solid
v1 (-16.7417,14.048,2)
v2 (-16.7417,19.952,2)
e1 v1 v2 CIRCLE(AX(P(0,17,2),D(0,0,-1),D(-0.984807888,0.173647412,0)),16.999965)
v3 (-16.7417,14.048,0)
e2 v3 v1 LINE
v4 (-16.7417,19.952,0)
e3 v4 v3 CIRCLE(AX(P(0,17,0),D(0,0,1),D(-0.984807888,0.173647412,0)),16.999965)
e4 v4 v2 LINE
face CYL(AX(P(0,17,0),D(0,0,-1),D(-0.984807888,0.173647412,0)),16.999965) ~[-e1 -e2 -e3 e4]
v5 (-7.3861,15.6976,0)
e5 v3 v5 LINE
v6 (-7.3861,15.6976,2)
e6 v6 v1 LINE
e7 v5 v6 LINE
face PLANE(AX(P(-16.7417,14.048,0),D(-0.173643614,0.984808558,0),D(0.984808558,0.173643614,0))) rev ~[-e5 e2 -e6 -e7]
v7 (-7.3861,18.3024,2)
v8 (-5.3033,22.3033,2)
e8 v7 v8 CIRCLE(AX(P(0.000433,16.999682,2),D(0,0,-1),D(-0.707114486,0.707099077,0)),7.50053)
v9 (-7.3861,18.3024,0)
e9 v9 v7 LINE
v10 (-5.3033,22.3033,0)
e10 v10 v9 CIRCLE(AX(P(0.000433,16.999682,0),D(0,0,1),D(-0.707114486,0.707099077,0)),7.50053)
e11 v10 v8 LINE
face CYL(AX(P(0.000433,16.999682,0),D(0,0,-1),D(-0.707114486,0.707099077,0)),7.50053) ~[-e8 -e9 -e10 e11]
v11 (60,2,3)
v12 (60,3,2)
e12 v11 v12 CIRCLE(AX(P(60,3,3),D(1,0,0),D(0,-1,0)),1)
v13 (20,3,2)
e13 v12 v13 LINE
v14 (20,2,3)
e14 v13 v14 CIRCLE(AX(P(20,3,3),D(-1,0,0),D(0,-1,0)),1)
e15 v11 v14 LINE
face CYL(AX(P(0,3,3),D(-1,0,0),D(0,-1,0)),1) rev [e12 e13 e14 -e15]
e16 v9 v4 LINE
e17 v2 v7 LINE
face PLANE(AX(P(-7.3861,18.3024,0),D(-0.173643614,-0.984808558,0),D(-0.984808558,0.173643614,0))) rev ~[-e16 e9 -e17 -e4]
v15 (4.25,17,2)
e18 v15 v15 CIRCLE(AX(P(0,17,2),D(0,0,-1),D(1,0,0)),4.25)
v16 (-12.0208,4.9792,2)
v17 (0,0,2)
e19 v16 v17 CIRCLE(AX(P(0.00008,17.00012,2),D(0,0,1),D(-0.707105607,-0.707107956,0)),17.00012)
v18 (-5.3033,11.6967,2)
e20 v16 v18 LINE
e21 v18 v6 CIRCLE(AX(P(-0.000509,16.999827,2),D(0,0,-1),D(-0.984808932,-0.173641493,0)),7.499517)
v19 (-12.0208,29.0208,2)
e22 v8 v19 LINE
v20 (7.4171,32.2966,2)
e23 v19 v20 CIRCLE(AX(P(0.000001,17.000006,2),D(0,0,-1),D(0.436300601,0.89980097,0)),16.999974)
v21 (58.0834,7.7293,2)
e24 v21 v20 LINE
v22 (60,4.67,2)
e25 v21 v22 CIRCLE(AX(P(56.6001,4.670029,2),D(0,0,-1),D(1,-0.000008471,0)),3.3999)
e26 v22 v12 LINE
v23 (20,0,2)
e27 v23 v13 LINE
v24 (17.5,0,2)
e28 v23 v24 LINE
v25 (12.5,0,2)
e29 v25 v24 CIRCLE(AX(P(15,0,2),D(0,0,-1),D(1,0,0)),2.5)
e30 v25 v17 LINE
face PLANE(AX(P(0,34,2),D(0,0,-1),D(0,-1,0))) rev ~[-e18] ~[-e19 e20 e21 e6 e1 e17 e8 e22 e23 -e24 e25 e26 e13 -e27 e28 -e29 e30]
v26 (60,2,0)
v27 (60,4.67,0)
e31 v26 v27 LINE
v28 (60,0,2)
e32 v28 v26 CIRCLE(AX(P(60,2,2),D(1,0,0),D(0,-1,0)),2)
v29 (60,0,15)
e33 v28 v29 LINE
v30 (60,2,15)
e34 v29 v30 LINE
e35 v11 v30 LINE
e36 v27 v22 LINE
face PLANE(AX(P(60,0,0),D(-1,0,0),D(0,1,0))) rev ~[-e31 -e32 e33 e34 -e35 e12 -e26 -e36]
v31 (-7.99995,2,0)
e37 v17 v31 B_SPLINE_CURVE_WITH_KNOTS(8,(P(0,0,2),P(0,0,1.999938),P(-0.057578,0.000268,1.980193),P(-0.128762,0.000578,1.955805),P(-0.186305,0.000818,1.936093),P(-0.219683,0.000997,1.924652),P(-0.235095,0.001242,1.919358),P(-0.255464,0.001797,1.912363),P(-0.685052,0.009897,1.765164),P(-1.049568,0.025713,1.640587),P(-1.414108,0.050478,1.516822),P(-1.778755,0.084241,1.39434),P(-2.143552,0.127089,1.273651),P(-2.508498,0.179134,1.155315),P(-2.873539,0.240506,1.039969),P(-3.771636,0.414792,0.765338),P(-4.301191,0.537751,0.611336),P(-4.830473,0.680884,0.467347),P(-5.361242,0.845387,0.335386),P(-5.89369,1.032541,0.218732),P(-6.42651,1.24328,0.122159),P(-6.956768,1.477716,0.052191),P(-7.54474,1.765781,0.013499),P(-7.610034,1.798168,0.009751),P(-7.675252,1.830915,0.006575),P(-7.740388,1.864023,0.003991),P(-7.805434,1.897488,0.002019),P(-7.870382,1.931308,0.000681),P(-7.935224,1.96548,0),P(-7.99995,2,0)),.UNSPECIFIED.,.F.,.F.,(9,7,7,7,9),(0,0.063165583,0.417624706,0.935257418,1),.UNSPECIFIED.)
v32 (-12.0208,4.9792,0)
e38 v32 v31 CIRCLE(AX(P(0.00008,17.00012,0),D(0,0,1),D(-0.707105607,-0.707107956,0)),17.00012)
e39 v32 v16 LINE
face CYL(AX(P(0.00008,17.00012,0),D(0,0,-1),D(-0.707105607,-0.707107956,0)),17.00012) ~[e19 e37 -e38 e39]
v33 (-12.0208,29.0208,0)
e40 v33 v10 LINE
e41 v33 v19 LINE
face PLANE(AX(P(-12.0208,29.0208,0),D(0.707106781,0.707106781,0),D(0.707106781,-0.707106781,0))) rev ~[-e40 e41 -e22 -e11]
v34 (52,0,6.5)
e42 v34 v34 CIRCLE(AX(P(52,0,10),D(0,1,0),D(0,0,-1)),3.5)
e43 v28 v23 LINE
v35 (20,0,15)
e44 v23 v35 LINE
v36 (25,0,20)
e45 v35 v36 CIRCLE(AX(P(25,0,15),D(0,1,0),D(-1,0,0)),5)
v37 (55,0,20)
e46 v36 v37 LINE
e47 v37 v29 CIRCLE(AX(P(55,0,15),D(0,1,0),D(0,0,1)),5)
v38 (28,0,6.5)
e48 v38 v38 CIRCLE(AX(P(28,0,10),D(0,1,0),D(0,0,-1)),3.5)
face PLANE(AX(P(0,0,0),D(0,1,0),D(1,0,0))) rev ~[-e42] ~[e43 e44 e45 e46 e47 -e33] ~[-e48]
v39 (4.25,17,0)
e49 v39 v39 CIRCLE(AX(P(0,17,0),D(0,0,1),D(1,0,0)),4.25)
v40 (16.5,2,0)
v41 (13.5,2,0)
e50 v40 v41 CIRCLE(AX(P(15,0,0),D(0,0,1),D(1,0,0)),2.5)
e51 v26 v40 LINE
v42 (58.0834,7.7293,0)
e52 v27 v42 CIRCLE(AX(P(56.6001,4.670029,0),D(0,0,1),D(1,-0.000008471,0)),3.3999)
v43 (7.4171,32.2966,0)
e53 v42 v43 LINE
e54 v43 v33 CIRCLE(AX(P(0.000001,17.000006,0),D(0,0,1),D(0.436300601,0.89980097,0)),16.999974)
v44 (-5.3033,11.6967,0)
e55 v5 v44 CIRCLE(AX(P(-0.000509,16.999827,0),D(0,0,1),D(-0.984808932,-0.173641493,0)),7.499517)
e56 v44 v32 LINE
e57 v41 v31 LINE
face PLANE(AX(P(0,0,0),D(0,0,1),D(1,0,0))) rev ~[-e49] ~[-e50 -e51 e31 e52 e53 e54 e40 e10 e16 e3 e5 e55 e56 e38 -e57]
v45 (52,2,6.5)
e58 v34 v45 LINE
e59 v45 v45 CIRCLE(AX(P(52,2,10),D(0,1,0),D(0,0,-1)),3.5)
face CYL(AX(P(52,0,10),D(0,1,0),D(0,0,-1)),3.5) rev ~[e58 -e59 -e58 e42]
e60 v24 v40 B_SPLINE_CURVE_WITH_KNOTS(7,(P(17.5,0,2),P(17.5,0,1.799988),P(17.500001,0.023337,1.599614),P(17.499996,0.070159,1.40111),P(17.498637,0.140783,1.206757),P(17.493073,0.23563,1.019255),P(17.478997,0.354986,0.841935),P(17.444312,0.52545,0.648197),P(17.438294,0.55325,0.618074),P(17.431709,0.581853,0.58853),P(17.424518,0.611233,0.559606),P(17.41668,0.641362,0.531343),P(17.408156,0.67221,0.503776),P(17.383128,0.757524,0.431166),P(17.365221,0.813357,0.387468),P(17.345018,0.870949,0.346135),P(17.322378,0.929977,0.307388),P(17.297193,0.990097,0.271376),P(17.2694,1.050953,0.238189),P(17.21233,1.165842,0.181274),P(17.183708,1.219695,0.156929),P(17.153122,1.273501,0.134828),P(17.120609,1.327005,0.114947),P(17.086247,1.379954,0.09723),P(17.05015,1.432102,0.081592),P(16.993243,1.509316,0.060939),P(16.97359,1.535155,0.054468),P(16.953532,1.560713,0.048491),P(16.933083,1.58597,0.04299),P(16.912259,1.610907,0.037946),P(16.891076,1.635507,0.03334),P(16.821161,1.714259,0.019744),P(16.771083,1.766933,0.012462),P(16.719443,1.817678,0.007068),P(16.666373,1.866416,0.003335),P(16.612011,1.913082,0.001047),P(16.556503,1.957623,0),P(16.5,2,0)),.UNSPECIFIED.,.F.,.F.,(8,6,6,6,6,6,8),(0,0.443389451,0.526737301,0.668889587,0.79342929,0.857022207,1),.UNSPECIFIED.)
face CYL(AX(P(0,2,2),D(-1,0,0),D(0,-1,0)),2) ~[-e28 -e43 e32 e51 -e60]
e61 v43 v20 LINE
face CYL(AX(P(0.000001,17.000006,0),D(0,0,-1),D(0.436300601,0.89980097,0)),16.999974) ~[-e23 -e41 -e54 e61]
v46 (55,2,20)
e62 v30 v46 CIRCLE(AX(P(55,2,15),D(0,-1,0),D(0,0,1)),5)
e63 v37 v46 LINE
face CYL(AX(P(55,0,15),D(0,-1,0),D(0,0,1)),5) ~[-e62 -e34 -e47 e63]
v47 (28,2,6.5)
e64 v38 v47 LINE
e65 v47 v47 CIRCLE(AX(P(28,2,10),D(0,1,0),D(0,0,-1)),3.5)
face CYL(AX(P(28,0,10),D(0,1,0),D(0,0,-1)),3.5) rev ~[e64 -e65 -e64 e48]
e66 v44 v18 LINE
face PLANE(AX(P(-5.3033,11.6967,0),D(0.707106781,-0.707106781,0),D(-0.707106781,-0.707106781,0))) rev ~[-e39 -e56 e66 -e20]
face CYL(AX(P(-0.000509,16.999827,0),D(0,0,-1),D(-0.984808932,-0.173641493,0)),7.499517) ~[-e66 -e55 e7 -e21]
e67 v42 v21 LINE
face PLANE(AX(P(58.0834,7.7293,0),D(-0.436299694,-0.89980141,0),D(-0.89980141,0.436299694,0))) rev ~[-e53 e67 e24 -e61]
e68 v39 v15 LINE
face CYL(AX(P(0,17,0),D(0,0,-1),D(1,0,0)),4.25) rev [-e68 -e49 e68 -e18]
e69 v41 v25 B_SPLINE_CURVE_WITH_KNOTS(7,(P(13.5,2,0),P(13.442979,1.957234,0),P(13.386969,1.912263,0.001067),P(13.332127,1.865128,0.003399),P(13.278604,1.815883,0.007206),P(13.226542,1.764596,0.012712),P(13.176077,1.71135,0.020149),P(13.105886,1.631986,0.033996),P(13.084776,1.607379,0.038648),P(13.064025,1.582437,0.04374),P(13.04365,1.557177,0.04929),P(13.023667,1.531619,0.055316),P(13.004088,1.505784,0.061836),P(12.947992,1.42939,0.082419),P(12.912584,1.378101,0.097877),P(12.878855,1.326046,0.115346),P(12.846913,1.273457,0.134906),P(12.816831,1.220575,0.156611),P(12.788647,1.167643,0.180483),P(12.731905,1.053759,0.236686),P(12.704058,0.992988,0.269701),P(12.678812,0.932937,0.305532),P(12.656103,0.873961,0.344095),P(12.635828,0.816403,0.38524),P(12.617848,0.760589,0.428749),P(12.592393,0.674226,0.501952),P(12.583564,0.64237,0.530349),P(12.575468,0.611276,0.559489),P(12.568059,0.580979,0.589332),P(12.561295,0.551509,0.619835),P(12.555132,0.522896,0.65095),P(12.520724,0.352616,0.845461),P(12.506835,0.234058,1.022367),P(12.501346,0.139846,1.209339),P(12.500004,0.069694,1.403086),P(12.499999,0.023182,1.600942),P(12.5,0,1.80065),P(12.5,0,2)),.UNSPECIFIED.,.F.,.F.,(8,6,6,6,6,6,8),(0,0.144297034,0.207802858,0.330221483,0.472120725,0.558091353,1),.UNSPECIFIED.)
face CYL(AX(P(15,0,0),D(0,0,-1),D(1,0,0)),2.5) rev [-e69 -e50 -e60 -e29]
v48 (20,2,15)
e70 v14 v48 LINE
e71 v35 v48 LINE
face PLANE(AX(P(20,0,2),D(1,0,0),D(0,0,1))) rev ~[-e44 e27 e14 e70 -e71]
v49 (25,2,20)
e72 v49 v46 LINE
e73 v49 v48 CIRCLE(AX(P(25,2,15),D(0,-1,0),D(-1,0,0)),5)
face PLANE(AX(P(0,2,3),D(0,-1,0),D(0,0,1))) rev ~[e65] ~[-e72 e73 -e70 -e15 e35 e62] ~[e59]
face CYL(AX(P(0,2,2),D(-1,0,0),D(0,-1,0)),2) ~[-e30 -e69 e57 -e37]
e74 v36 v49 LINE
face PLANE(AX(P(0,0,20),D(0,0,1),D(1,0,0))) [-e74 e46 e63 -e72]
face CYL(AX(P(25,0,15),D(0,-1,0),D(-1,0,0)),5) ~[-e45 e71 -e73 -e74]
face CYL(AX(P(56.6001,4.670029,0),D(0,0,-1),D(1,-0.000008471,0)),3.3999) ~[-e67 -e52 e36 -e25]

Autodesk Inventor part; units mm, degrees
sketch "Sketch_1" plane through (0, 0, 0) normal (0, 0, 1) x (1, 0, 0)
  arc A0 (-16.7417, 19.952) -> (-16.7417, 14.048) centre (0, 17) ccw
  line L0 (-16.7417, 14.048) -> (-7.3861, 15.6976)
  arc A1 (-7.3861, 15.6976) -> (-5.3033, 11.6967) centre (0, 17) ccw
  line L1 (-5.3033, 11.6967) -> (-12.0208, 4.9792)
  arc A2 (-12.0208, 4.9792) -> (0, 0) centre (0, 17) ccw
  line L2 (0, 0) -> (60, 0)
  line L3 (60, 0) -> (60, 4.67)
  arc A3 (60, 4.67) -> (58.0834, 7.7293) centre (56.6, 4.67) ccw
  line L4 (58.0834, 7.7293) -> (7.4171, 32.2966)
  arc A4 (7.4171, 32.2966) -> (-12.0208, 29.0208) centre (0, 17) ccw
  line L5 (-12.0208, 29.0208) -> (-5.3033, 22.3033)
  arc A5 (-5.3033, 22.3033) -> (-7.3861, 18.3024) centre (0, 17) ccw
  line L6 (-7.3861, 18.3024) -> (-16.7417, 19.952)
  circle A6 centre (0, 17) radius 4.25
extrude "Extrusion1" add sketch "Sketch_1" along normal blind 20
sketch "Sketch_2" plane through (0, 0, 0) normal (1, 0, 0) x (0, 1, 0)
  line L0 (39, 25) -> (-5, 25)
  line L1 (-5, 25) -> (-5, -5)
  line L2 (-5, -5) -> (39, -5)
  line L3 (39, -5) -> (39, 25)
  line L4 (2, 20) -> (0, 20)
  line L5 (0, 20) -> (0, 2)
  arc A0 (0, 2) -> (2, 0) centre (2, 2) ccw
  line L6 (2, 0) -> (34, 0)
  line L7 (34, 0) -> (34, 2)
  line L8 (34, 2) -> (3, 2)
  arc A1 (2, 3) -> (3, 2) centre (3, 3) ccw
  line L9 (2, 3) -> (2, 20)
extrude "Extrusion2" cut sketch "Sketch_2" along normal mid plane 120
sketch "Sketch_3" plane through (0, 0, 0) normal (0, 1, 0) x (-1, 0, 0)
  line L0 (22, 25) -> (-65, 25)
  line L1 (-65, 25) -> (-65, -5)
  line L2 (-65, -5) -> (22, -5)
  line L3 (22, -5) -> (22, 25)
  line L4 (17, 2) -> (-20, 2)
  line L5 (-20, 2) -> (-20, 15)
  arc A0 (-20, 15) -> (-25, 20) centre (-25, 15) ccw
  line L6 (-25, 20) -> (-55, 20)
  arc A1 (-55, 20) -> (-60, 15) centre (-55, 15) ccw
  line L7 (-60, 15) -> (-60, 0)
  line L8 (-60, 0) -> (17, 0)
  line L9 (17, 0) -> (17, 2)
extrude "Extrusion3" cut sketch "Sketch_3" along normal blind 34
sketch "Sketch4" plane through (20, 0, 2) normal (0, -1, 0) x (1, 0, 0)
  point P0 (8, 8)
hole "Hole1" at (28, 0, 10) direction (0, 1, 0) diameter 7 depth 2
sketch "Sketch5" plane through (20, 0, 2) normal (0, -1, 0) x (1, 0, 0)
  point P0 (32, 8)
hole "Hole2" at (52, 0, 10) direction (0, 1, 0) diameter 7 depth 2
sketch "Sketch_7" plane through (0, 0, 0) normal (0, 0, 1) x (1, 0, 0)
  circle A0 centre (15, 0) radius 2.5
extrude "Extrusion4" cut sketch "Sketch_7" along normal blind 20
ref_plane "fix_end_r_XY" through (0, 17, 0) normal (0, 0, 1) x (1, 0, 0)
ref_plane "fix_end_r_YZ" through (0, 17, 0) normal (1, 0, 0) x (0, 1, 0)
ref_plane "fix_end_r_ZX" through (0, 17, 0) normal (0, 1, 0) x (0, 0, 1)
ref_plane "free_end_r_XY" through (0, 17, 2) normal (0, 0, 1) x (1, 0, 0)
ref_plane "free_end_r_YZ" through (0, 17, 2) normal (1, 0, 0) x (0, 1, 0)
ref_plane "free_end_r_ZX" through (0, 17, 2) normal (0, 1, 0) x (0, 0, 1)
ref_plane "r_XY" through (0, 17, 26) normal (0, 0, 1) x (1, 0, 0)
ref_plane "r_YZ" through (0, 17, 26) normal (1, 0, 0) x (0, 1, 0)
ref_plane "r_ZX" through (0, 17, 26) normal (0, 1, 0) x (0, 0, 1)
properties part number "MHPUS306-Ab_fixed_right"
